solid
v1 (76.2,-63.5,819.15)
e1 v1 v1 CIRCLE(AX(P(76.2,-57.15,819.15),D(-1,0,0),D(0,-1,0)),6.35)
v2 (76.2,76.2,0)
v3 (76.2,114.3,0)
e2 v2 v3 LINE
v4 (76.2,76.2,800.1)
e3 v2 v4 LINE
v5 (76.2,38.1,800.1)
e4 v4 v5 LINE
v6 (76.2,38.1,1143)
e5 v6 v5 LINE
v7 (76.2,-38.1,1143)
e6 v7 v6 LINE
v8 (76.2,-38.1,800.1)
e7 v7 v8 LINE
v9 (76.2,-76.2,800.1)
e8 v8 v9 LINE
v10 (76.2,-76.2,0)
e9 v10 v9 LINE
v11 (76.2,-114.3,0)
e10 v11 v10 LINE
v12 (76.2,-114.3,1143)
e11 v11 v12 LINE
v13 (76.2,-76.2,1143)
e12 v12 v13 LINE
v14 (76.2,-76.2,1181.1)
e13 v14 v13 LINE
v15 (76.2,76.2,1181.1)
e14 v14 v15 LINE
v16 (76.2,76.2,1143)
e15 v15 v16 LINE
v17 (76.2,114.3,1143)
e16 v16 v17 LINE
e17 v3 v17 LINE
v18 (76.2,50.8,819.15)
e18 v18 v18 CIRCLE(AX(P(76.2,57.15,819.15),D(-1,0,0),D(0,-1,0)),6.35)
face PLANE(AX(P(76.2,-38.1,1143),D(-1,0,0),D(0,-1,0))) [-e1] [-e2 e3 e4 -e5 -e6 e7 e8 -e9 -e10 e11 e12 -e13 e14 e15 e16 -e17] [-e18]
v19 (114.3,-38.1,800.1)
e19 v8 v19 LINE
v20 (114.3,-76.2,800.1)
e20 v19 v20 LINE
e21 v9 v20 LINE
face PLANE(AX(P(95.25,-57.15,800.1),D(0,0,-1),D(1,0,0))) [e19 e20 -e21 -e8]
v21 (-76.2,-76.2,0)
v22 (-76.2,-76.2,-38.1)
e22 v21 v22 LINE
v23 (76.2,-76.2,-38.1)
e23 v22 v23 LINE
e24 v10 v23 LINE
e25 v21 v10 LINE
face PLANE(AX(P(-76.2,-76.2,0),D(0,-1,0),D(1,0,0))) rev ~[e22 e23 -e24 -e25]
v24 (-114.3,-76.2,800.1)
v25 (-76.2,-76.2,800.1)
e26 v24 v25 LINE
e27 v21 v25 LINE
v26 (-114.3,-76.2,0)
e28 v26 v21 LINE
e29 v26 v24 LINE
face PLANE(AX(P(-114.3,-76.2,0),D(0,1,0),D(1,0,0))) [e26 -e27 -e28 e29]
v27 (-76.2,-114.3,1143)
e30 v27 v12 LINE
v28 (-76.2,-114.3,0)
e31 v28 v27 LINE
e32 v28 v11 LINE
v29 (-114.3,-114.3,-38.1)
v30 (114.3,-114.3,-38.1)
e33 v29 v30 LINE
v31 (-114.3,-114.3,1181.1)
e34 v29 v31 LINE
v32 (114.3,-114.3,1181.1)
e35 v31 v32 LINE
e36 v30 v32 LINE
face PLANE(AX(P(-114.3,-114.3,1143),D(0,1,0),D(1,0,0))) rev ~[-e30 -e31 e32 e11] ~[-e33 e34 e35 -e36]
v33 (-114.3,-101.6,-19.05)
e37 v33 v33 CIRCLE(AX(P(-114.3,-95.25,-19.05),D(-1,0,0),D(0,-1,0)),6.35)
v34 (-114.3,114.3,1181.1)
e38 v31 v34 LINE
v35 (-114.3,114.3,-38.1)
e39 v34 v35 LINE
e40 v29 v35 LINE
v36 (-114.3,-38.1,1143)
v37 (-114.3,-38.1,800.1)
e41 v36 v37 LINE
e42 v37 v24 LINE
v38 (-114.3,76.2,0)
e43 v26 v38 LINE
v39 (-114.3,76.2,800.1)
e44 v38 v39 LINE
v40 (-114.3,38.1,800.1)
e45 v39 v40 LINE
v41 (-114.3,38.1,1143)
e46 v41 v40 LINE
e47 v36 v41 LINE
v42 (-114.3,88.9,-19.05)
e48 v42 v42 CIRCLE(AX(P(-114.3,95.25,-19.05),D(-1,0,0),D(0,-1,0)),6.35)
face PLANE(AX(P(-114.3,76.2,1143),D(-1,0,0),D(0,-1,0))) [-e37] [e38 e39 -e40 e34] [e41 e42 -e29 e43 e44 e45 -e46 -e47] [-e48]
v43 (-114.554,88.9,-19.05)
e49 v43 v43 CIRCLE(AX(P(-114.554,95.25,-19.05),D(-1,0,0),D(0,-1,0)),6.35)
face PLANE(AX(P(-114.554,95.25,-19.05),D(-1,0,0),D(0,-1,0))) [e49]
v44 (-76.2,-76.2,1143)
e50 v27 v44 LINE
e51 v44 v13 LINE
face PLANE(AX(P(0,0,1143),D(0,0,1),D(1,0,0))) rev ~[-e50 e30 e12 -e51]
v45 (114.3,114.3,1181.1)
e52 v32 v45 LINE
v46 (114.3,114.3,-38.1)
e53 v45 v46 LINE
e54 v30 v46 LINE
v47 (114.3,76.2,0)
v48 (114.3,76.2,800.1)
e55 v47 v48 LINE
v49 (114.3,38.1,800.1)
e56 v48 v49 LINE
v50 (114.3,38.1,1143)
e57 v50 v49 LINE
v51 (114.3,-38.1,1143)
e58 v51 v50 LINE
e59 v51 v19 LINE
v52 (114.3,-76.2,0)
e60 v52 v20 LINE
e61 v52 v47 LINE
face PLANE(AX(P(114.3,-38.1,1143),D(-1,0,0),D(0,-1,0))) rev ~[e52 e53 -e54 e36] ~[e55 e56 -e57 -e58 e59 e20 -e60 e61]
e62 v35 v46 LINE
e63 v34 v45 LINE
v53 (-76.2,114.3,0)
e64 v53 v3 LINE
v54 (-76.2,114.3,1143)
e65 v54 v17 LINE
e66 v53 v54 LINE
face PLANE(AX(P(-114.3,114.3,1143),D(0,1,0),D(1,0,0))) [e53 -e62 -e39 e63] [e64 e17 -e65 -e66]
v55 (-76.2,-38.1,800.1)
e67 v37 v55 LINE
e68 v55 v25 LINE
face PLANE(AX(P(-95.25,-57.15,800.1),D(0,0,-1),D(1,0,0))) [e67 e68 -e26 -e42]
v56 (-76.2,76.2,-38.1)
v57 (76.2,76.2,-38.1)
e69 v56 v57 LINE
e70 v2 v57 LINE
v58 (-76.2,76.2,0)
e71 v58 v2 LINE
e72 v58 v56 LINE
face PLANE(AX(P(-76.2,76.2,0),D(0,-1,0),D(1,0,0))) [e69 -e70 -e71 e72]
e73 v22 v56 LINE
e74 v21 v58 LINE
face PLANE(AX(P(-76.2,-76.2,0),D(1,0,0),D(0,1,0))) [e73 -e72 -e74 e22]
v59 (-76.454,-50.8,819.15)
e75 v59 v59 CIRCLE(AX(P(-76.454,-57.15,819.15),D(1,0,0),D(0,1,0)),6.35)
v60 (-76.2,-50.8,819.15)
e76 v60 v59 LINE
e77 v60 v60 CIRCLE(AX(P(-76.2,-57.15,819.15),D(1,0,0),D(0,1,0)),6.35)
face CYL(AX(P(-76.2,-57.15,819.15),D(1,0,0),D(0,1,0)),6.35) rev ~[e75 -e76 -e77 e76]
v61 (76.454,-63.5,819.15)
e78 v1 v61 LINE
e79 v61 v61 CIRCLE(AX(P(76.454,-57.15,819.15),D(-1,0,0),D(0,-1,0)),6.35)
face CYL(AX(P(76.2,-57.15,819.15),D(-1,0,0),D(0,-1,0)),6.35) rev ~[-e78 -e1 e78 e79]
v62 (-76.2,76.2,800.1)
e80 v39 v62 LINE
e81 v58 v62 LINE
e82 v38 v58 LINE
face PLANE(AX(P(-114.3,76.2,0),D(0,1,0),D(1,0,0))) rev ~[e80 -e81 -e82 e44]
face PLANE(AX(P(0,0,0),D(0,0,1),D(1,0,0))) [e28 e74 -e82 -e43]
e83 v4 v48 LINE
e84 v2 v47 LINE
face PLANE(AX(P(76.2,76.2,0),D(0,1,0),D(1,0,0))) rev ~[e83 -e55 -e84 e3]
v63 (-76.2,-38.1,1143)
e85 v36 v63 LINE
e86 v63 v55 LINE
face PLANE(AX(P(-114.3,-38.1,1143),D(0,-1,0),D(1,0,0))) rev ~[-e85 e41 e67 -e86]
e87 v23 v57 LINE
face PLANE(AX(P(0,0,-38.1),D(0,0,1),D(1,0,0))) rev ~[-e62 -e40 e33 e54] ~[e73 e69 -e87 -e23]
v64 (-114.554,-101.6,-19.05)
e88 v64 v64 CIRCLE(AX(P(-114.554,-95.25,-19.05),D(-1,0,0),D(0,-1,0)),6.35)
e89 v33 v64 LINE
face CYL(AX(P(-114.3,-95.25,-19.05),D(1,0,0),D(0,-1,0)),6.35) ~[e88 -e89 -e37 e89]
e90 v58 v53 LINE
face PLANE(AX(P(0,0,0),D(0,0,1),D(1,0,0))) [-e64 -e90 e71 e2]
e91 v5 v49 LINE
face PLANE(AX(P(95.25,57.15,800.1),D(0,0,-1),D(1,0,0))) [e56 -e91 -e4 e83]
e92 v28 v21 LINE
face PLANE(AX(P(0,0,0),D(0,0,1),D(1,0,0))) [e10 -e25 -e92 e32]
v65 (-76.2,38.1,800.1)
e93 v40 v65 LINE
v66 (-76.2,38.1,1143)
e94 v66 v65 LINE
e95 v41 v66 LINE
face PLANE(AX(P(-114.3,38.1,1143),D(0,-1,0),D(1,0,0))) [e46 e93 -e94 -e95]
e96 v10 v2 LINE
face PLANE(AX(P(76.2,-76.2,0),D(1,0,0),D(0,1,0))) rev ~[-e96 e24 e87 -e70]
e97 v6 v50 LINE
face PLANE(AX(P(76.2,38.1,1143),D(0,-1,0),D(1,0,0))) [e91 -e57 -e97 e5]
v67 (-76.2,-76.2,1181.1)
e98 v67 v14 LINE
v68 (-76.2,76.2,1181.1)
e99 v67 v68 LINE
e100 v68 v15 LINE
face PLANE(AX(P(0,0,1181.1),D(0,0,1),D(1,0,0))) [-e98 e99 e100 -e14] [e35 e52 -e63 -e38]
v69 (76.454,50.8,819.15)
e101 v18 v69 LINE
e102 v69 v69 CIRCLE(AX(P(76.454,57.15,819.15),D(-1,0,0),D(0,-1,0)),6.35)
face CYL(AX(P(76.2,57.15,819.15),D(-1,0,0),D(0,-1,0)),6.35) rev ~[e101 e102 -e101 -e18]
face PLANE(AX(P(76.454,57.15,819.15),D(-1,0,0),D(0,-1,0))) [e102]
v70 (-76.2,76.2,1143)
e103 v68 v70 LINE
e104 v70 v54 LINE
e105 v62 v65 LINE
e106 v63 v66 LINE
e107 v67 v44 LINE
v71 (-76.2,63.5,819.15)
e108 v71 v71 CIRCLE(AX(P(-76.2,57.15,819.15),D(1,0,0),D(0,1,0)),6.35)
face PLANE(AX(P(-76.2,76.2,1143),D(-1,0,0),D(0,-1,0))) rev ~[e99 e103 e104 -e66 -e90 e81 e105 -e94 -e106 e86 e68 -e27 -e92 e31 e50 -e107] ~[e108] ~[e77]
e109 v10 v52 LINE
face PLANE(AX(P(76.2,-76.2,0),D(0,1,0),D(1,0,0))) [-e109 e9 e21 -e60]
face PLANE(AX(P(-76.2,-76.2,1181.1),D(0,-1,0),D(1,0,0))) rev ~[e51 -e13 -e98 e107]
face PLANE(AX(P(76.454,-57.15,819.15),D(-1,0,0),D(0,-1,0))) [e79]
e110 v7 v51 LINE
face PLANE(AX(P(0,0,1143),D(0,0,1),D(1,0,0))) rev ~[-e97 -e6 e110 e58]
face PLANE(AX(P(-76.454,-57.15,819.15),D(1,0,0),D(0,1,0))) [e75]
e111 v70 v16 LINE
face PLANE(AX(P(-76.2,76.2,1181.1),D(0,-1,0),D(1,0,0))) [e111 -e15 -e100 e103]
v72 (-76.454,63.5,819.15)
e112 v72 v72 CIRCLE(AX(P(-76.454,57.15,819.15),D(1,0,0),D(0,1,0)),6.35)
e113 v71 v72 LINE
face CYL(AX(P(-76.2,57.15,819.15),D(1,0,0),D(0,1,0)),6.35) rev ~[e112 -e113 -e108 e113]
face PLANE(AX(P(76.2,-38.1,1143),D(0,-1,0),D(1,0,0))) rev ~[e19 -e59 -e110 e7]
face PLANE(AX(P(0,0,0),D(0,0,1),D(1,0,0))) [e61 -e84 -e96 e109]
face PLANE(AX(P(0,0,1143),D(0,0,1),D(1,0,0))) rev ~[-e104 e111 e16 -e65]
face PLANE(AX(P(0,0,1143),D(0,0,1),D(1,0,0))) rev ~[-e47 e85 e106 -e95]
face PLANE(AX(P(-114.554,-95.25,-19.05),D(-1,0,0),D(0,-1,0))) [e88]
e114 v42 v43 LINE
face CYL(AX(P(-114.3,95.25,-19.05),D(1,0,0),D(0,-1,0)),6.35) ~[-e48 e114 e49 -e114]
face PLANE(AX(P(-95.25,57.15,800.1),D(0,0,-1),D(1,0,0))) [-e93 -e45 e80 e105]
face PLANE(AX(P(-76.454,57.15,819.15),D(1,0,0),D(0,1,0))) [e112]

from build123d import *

# Parameters (mm, degrees)
F0_W      = 228.6
F0_H      = 228.6
F1_DEPTH  = 38.1
F2_W      = 152.4
F2_H      = 152.4
F3_DEPTH  = 38.1
F4_W      = 38.1
F4_H      = 38.1
F5_DEPTH  = 1143
F6_W      = 228.6
F6_H      = 228.6
F7_DEPTH  = 38.1
F8_W      = 152.4
F8_H      = 152.4
F9_DEPTH  = 38.1
F10_W     = 38.1
F10_H     = 38.1
F11_DEPTH = 342.9
F12_W     = 38.1
F12_H     = 38.1
F13_DEPTH = 342.9
F14_R     = 6.35
F15_DEPTH = 0.254
F16_R     = 6.35
F17_DEPTH = 0.254
F18_R     = 6.35
F19_DEPTH = 0.254


with BuildPart() as f1:
    # F0 (on Top) → F1 (new body)
    with BuildSketch(Plane.XY):
        Rectangle(F0_W, F0_H)
    extrude(amount=-F1_DEPTH)

    # F2 (on face) → F3 (cut)
    with BuildSketch(Plane.XY):
        Rectangle(F2_W, F2_H)
    extrude(amount=-F3_DEPTH, mode=Mode.SUBTRACT)

    # F4 (on face) → F5 (join)
    with BuildSketch(Plane.XY):
        with Locations((-95.25, 95.25)):
            Rectangle(F4_W, F4_H)
        with Locations((95.25, 95.25)):
            Rectangle(F4_W, F4_H)
        with Locations((95.25, -95.25)):
            Rectangle(F4_W, F4_H)
        with Locations((-95.25, -95.25)):
            Rectangle(F4_W, F4_H)
    extrude(amount=F5_DEPTH)

    # F6 (on face) → F7 (join)
    with BuildSketch(Plane.XY.offset(1143)):
        Rectangle(F6_W, F6_H)
    extrude(amount=F7_DEPTH)

    # F8 (on face) → F9 (cut)
    with BuildSketch(Plane.XY.offset(1181.1)):
        Rectangle(F8_W, F8_H)
    extrude(amount=-F9_DEPTH, mode=Mode.SUBTRACT)

    # F10 (on face) → F11 (join)
    with BuildSketch(Plane(origin=(0, 0, 1143), x_dir=(1, 0, 0), z_dir=(0, 0, -1))):
        with Locations((95.25, 57.15)):
            Rectangle(F10_W, F10_H)
        with Locations((95.25, -57.15)):
            Rectangle(F10_W, F10_H)
    extrude(amount=F11_DEPTH)

    # F12 (on face) → F13 (join)
    with BuildSketch(Plane(origin=(0, 0, 1143), x_dir=(1, 0, 0), z_dir=(0, 0, -1))):
        with Locations((-95.25, -57.15)):
            Rectangle(F12_W, F12_H)
        with Locations((-95.25, 57.15)):
            Rectangle(F12_W, F12_H)
    extrude(amount=F13_DEPTH)

    # F14 (on face) → F15 (join)
    with BuildSketch(Plane(origin=(-114.3, 0, 0), x_dir=(0, -1, 0), z_dir=(-1, 0, 0))):
        with Locations((-95.25, -19.05)):
            Circle(F14_R)
        with Locations((95.25, -19.05)):
            Circle(F14_R)
    extrude(amount=F15_DEPTH)

    # F16 (on face) → F17 (cut)
    with BuildSketch(Plane.YZ.offset(-76.2)):
        with Locations((-57.15, 819.15)):
            Circle(F16_R)
        with Locations((57.15, 819.15)):
            Circle(F16_R)
    extrude(amount=-F17_DEPTH, mode=Mode.SUBTRACT)

    # F18 (on face) → F19 (cut)
    with BuildSketch(Plane(origin=(76.2, 0, 0), x_dir=(0, -1, 0), z_dir=(-1, 0, 0))):
        with Locations((-57.15, 819.15)):
            Circle(F18_R)
        with Locations((57.15, 819.15)):
            Circle(F18_R)
    extrude(amount=-F19_DEPTH, mode=Mode.SUBTRACT)


solid = f1.part
